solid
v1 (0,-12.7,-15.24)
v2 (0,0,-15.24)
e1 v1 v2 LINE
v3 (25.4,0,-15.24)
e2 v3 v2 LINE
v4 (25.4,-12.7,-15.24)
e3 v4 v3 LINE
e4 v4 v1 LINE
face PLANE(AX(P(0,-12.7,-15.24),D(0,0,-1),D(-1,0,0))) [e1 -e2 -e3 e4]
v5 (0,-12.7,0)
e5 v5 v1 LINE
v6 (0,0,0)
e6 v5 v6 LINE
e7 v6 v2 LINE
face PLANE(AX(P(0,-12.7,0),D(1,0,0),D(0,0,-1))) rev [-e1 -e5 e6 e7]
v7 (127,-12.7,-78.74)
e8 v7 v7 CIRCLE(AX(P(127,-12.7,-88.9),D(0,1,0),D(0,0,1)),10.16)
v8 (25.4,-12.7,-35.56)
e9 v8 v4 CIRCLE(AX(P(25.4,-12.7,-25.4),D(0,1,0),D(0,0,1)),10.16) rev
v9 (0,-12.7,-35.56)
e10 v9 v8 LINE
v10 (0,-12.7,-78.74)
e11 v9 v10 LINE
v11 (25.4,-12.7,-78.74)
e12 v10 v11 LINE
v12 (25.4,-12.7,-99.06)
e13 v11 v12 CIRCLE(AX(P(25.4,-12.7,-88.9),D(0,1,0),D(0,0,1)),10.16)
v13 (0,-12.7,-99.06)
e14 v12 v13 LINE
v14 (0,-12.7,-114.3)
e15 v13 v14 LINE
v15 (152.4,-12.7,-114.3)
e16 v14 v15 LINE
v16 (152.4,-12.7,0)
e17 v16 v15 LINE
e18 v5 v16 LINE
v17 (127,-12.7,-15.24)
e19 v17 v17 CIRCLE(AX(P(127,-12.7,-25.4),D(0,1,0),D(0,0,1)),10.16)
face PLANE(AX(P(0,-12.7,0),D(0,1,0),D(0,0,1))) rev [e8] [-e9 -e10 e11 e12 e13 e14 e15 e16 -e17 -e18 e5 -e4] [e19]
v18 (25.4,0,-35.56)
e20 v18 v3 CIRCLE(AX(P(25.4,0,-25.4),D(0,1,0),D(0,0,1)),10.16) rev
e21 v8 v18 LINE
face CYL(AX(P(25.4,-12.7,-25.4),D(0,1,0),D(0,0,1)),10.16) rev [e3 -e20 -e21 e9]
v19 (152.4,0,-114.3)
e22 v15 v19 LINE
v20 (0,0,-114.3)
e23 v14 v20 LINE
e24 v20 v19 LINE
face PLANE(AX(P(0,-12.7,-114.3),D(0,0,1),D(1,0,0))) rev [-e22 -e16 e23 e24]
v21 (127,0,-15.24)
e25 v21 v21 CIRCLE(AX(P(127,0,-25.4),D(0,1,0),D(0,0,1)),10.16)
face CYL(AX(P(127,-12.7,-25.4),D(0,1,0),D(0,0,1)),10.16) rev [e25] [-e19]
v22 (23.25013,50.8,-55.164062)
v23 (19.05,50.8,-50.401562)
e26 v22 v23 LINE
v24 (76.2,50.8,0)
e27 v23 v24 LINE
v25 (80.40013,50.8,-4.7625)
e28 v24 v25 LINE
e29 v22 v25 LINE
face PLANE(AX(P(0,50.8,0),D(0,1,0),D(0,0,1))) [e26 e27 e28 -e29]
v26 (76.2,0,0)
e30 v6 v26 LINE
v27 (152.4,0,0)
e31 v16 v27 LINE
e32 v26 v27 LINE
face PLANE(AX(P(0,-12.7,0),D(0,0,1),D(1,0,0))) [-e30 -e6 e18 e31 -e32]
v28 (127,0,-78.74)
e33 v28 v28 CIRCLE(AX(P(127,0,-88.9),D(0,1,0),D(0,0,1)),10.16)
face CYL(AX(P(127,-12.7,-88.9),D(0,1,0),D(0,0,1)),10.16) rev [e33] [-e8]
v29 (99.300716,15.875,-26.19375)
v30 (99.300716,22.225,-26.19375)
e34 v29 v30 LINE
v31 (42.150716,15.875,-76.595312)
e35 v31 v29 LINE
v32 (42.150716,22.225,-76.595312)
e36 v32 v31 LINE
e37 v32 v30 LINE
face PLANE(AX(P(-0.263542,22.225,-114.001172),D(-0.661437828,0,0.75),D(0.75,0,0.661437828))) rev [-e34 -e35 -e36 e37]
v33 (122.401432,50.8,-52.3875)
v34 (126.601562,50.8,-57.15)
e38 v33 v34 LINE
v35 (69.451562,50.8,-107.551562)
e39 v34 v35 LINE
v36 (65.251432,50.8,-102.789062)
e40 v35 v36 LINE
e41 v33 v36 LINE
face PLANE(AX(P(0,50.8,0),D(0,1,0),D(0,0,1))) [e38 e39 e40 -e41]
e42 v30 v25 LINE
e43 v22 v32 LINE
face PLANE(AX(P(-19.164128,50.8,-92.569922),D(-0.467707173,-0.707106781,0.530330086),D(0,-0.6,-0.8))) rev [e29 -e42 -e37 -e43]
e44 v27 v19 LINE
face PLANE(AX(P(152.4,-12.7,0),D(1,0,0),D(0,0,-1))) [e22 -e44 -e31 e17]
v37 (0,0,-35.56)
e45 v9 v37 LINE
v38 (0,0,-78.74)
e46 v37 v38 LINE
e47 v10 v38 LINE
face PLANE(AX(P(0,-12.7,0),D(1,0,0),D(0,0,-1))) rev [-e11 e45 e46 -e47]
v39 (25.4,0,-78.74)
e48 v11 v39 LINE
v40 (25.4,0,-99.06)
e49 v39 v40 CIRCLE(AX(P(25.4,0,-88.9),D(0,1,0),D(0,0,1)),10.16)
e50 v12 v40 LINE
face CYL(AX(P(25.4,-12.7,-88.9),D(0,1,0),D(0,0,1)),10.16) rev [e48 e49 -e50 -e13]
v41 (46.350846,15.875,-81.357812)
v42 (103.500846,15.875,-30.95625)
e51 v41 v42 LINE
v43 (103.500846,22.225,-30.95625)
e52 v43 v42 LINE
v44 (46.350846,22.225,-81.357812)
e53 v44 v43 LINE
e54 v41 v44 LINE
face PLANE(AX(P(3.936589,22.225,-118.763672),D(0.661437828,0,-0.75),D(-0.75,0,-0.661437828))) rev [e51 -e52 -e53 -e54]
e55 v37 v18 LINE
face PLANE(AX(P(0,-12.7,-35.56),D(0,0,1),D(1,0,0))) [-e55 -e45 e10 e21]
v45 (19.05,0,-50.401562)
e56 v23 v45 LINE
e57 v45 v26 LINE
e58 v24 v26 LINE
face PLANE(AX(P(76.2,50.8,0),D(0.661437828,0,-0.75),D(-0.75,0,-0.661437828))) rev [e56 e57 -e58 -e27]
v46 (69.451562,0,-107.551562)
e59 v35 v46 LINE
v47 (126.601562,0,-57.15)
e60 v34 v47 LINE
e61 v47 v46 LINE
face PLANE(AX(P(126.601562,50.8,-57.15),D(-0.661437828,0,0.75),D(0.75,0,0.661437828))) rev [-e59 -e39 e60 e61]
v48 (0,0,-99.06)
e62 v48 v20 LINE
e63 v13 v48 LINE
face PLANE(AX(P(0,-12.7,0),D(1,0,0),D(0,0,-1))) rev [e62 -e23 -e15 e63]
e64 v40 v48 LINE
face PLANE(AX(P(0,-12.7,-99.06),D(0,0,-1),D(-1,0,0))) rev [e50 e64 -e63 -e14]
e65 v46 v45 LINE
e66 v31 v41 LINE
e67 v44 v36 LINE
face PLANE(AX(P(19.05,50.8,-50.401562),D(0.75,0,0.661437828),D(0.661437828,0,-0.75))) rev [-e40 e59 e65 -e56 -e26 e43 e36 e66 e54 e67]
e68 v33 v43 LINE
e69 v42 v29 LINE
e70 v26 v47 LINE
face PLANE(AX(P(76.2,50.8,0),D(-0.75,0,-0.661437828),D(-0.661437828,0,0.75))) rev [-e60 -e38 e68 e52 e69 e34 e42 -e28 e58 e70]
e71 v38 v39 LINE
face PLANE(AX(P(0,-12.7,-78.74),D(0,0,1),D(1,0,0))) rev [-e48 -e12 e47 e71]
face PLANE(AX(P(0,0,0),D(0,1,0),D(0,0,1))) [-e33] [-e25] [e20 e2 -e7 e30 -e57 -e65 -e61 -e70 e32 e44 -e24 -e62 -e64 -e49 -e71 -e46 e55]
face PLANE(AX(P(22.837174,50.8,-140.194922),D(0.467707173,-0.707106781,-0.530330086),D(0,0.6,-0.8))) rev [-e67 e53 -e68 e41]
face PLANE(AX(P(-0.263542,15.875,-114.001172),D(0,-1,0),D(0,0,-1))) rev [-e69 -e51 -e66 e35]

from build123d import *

# Parameters (mm, degrees)
SKETCH3_R               = 10.16
BOSS_EXTRUDE2_DEPTH     = 12.7
BOSS_EXTRUDE3_DEPTH     = 50.8
CUT_EXTRUDE1_DEPTH      = 195.200593167
CUT_EXTRUDE1_DEPTH_BACK = 195.200593167


with BuildPart() as part:
    # Sketch3 → Boss-Extrude2 (new body)
    # profile 1 of 2: a face of its own
    with BuildSketch(Plane(origin=(0, 0, 0), x_dir=(1, 0, 0), z_dir=(0, 1, 0))):
        with BuildLine():
            Line((0, 57.15), (0, 35.56))
            Line((0, 35.56), (25.4, 35.56))
            ThreePointArc((25.4, 35.56), (35.56, 25.4), (25.4, 15.24))
            Line((25.4, 15.24), (0, 15.24))
            Line((0, 15.24), (0, 0))
            Line((0, 0), (152.4, 0))
            Line((152.4, 0), (152.4, 57.15))
            Line((152.4, 57.15), (0, 57.15))
        make_face()
        with Locations(Location((127, 25.4, 0), (0, 0, 270))):
            Circle(SKETCH3_R, mode=Mode.SUBTRACT)
    # profile 2 of 2: a face of its own
    with BuildSketch(Plane(origin=(0, 0, 0), x_dir=(1, 0, 0), z_dir=(0, 1, 0))):
        with BuildLine():
            Line((0, 78.74), (0, 57.15))
            Line((0, 57.15), (152.4, 57.15))
            Line((152.4, 57.15), (152.4, 114.3))
            Line((152.4, 114.3), (0, 114.3))
            Line((0, 114.3), (0, 99.06))
            Line((0, 99.06), (25.4, 99.06))
            ThreePointArc((25.4, 99.06), (35.56, 88.9), (25.4, 78.74))
            Line((25.4, 78.74), (0, 78.74))
        make_face()
        with Locations(Location((127, 88.9, 0), (0, 0, 270))):
            Circle(SKETCH3_R, mode=Mode.SUBTRACT)
    extrude(amount=-BOSS_EXTRUDE2_DEPTH)

    # Sketch4 → Boss-Extrude3 (add)
    with BuildSketch(Plane(origin=(0, 0, 0), x_dir=(1, 0, 0), z_dir=(0, 1, 0))):
        Polygon((76.2, 0), (19.05, 50.401562476), (69.451562476, 107.551562476), (126.601562476, 57.15), align=None)
    extrude(amount=BOSS_EXTRUDE3_DEPTH)

    # Sketch5 → Cut-Extrude1 (cut, two sides: drawn at the far end of the back side and taken through both)
    with BuildSketch(Plane(origin=(42.8625, 0, 37.801171857), x_dir=(0.661437827766148, 0, -0.7499999999999998), z_dir=(0.7499999999999998, 0, 0.661437827766148)).offset(-CUT_EXTRUDE1_DEPTH_BACK)):
        Polygon((56.751562476, 50.8), (85.326562476, 22.225), (85.326562476, 15.875), (91.676562476, 15.875), (91.676562476, 22.225), (120.251562476, 50.8), align=None)
    extrude(amount=CUT_EXTRUDE1_DEPTH + CUT_EXTRUDE1_DEPTH_BACK, mode=Mode.SUBTRACT)


solid = part.part
